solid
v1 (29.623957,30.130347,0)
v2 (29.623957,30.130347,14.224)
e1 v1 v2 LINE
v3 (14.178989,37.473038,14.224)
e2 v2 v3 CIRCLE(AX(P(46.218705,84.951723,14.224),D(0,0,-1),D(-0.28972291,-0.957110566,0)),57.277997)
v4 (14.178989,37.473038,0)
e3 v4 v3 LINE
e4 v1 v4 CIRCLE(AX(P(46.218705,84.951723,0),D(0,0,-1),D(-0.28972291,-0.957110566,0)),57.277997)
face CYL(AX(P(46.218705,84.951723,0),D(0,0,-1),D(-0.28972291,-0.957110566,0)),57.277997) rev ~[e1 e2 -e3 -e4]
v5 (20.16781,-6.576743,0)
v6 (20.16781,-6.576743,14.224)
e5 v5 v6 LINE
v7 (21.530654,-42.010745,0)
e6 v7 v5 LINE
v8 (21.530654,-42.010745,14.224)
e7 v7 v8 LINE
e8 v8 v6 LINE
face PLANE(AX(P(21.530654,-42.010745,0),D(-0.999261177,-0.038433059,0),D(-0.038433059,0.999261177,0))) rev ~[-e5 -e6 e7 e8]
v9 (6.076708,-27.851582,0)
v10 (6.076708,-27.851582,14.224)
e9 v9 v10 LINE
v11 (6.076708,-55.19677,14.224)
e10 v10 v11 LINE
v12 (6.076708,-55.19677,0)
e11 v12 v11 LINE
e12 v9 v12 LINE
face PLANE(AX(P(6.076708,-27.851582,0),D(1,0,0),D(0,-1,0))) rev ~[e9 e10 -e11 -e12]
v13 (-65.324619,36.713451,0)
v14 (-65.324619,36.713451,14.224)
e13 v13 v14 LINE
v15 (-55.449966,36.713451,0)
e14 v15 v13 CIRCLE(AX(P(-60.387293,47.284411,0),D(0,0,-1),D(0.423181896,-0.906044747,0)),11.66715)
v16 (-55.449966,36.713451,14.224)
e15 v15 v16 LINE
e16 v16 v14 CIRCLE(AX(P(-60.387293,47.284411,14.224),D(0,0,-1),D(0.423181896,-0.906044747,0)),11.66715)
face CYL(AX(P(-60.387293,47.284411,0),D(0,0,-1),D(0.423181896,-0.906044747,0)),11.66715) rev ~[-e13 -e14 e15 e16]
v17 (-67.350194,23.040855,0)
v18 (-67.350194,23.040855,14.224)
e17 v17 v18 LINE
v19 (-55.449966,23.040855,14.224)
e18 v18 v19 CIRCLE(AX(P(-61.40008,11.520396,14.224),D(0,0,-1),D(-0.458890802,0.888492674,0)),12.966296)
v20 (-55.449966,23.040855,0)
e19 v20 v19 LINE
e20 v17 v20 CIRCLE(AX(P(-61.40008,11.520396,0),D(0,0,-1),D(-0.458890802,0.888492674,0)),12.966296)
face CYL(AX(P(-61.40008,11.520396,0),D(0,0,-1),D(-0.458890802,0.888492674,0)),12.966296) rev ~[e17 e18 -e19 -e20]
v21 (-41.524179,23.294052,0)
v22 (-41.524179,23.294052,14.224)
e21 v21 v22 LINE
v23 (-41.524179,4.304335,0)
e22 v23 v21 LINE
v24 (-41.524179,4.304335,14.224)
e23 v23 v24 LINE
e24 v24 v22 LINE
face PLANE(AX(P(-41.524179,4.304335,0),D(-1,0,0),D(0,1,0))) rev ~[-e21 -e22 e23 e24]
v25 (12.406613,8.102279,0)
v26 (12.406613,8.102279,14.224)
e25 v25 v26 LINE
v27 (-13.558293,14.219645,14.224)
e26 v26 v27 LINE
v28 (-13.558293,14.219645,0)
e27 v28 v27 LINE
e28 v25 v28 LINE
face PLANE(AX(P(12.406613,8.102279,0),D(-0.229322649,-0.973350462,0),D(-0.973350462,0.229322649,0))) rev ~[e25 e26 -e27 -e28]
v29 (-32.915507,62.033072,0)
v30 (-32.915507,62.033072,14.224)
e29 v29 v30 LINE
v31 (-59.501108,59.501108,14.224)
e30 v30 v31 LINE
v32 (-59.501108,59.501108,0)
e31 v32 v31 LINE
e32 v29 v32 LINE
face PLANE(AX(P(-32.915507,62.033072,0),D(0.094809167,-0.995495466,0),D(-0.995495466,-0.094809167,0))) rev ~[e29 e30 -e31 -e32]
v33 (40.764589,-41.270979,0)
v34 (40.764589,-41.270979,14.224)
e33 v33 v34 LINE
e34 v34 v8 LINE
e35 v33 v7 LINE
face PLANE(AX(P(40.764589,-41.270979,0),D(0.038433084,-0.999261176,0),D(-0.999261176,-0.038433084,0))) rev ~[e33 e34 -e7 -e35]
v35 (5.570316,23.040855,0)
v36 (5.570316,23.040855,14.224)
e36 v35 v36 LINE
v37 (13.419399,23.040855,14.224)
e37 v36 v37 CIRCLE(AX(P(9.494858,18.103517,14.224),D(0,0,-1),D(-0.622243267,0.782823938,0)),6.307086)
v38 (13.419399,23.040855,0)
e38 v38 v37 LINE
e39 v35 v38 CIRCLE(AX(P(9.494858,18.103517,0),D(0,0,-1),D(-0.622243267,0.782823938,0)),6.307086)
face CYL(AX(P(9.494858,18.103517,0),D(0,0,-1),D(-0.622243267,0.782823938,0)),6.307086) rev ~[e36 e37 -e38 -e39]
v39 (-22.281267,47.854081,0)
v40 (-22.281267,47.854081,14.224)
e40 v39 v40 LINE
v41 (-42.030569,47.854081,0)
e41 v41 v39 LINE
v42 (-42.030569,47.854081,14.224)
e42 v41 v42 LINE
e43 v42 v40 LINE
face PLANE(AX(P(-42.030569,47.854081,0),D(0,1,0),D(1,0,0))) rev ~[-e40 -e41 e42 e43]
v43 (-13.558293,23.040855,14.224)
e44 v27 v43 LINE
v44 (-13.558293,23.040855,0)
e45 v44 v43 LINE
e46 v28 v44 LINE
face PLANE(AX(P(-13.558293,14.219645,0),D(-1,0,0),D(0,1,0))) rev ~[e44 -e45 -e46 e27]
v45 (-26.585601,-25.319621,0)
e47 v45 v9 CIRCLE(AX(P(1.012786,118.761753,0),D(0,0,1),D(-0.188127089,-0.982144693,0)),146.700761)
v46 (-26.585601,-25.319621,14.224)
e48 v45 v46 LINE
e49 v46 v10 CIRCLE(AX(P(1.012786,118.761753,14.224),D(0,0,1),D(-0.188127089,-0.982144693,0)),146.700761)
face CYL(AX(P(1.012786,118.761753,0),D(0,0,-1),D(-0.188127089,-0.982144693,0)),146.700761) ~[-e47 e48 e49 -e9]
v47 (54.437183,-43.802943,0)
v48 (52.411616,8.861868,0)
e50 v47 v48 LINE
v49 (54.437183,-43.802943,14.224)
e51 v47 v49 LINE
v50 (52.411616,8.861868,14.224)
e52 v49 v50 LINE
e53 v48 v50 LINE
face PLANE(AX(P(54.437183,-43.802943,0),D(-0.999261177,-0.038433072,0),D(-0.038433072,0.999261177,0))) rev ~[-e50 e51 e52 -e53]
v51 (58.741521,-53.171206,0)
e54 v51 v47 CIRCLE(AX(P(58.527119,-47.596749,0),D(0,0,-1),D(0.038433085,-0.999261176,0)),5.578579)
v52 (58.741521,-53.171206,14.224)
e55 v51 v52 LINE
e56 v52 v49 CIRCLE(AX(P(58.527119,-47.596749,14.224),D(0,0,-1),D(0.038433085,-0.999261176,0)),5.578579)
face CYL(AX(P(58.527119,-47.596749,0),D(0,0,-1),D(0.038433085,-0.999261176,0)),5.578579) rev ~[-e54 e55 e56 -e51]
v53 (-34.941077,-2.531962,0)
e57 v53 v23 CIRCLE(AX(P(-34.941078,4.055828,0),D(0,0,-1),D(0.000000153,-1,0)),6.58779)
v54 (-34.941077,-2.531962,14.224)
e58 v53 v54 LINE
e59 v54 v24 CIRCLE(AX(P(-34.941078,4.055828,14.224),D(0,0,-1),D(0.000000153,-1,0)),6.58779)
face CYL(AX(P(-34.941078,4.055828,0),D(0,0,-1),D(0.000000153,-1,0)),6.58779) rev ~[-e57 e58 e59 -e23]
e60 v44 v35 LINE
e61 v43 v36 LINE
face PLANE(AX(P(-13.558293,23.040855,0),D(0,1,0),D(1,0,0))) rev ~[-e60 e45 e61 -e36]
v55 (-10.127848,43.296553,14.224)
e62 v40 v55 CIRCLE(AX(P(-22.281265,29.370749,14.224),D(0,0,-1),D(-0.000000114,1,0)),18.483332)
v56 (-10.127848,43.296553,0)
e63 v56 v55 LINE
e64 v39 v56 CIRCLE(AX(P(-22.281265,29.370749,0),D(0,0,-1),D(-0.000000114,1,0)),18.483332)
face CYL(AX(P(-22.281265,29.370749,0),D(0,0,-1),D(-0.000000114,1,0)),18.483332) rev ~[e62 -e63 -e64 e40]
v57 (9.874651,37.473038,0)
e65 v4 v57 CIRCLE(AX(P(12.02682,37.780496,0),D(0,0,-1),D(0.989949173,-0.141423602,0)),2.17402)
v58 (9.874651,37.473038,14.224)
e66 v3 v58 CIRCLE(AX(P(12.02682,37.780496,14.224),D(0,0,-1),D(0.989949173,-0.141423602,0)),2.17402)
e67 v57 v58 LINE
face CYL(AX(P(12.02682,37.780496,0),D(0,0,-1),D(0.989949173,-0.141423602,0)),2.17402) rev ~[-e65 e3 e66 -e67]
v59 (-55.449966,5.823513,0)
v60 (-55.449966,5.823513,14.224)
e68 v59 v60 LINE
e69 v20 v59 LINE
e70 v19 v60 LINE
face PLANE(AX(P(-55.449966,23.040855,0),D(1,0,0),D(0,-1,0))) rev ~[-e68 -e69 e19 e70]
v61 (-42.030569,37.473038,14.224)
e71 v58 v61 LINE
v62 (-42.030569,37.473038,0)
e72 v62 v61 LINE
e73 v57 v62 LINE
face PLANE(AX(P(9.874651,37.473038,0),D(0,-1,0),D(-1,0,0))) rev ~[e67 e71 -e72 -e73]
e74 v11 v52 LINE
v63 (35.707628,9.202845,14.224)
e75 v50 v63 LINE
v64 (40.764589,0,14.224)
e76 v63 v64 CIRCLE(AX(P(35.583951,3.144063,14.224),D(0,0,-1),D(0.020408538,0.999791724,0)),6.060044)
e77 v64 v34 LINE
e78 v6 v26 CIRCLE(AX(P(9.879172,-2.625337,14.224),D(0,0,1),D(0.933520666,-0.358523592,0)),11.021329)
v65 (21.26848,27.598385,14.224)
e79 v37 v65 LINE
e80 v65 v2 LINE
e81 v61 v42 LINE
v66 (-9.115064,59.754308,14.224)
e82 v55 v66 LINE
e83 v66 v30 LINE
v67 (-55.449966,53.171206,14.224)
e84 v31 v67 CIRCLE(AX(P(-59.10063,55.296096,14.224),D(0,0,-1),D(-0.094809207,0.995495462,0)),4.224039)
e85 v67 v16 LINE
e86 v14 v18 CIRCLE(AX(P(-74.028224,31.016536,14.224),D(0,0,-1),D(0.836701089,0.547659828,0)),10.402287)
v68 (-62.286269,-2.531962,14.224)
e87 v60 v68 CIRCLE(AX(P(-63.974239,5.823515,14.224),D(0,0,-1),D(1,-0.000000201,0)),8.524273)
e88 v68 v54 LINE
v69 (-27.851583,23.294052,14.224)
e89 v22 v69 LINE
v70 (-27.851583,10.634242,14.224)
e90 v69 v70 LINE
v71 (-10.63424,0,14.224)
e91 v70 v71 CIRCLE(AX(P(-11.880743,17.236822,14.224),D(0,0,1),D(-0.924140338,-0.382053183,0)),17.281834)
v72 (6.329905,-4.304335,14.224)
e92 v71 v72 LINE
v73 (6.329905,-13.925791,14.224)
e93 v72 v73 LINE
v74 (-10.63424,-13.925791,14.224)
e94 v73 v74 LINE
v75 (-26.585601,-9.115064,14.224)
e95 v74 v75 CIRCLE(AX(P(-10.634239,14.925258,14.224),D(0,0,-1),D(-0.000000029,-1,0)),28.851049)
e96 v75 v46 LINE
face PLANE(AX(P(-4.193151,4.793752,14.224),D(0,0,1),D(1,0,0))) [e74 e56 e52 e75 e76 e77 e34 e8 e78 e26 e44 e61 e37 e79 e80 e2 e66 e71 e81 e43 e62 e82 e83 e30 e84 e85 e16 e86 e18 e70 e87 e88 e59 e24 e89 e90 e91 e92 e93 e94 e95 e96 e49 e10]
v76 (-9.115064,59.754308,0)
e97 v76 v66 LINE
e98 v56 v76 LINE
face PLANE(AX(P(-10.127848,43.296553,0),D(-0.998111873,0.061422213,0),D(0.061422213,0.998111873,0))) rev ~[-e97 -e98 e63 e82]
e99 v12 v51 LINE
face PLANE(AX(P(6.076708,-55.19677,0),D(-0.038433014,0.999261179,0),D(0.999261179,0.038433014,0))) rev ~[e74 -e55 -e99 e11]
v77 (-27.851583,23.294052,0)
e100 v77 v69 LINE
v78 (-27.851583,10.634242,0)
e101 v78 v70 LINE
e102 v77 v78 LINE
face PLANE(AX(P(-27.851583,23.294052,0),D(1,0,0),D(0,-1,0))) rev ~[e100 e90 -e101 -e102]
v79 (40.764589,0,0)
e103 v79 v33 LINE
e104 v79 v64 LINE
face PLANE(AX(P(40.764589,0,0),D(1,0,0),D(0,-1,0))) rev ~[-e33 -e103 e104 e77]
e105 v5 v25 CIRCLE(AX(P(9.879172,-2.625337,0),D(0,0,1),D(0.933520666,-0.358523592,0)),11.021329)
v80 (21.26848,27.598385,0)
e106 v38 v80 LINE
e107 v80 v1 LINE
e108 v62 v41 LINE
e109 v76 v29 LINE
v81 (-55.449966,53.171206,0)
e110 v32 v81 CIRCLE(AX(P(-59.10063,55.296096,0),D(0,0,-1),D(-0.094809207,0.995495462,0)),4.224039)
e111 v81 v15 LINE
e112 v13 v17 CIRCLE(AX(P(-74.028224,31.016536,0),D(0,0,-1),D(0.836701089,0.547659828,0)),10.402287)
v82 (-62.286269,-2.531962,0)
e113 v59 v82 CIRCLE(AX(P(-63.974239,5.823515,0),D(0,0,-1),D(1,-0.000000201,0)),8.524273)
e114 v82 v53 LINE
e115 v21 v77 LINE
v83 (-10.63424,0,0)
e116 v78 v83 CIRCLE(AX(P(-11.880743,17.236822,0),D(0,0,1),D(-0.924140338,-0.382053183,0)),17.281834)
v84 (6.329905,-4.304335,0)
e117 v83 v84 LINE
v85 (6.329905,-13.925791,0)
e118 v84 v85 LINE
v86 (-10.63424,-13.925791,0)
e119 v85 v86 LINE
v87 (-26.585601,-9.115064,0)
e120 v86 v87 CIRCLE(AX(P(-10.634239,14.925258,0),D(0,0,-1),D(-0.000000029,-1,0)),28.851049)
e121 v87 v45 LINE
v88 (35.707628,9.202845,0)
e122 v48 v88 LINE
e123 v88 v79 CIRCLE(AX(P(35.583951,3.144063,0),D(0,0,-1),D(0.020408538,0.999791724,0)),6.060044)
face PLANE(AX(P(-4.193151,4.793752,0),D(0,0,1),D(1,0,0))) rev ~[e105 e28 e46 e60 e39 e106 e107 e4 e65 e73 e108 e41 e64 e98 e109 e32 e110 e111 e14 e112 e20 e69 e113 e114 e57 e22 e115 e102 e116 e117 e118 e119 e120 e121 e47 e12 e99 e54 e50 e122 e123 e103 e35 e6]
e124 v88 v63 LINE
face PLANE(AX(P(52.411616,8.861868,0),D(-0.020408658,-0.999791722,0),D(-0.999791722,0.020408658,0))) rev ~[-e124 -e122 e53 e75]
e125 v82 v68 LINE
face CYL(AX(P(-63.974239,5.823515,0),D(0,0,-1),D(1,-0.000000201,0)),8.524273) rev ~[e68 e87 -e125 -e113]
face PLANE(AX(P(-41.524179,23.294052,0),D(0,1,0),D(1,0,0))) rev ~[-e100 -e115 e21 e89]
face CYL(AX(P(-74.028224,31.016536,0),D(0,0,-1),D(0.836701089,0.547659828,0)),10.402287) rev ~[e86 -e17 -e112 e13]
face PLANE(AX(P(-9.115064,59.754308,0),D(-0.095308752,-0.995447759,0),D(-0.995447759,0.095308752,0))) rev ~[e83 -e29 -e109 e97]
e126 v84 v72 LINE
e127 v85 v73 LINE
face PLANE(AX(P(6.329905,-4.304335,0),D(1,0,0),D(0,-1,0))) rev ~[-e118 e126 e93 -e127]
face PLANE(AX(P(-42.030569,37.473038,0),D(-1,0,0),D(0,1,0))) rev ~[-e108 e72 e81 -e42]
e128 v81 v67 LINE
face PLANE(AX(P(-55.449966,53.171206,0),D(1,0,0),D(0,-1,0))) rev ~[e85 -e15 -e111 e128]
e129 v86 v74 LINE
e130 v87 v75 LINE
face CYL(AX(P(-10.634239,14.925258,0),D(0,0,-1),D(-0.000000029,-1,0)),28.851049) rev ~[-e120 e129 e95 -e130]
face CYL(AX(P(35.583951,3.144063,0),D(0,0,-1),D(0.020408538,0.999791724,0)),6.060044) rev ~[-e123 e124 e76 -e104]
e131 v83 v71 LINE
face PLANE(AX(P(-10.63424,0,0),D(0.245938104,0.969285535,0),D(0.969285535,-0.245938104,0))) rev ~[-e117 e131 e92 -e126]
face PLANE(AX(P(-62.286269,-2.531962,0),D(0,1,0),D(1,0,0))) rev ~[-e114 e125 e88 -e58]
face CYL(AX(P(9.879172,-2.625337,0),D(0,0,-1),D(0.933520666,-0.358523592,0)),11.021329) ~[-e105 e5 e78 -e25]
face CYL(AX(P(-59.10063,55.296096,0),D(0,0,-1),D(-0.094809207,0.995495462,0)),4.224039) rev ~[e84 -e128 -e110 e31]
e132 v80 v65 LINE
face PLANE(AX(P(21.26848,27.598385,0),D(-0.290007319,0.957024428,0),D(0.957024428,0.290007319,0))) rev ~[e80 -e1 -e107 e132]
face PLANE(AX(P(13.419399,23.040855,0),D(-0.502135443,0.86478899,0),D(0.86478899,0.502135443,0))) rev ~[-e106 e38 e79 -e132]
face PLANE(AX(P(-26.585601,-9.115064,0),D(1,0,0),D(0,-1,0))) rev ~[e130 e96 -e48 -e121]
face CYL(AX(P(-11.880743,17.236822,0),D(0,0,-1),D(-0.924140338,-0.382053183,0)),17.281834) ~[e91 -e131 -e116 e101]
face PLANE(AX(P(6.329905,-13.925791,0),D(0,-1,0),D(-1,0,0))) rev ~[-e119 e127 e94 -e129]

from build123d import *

# Parameters (mm, degrees)
F1_DEPTH = 14.224


with BuildPart() as f1:
    # F0 (on Top) → F1 (new body)
    with BuildSketch(Plane.XY):
        with BuildLine():
            Line((-10.127848, 43.296553), (-9.115064, 59.754308))
            Line((-9.115064, 59.754308), (-32.915507, 62.033072))
            Line((-32.915507, 62.033072), (-59.501108, 59.501108))
            ThreePointArc((-59.501108, 59.501108), (-55.542844, 57.573082), (-55.449966, 53.171206))
            Line((-55.449966, 53.171206), (-55.449966, 36.713451))
            ThreePointArc((-55.449966, 36.713451), (-60.387293, 35.617261), (-65.324619, 36.713451))
            ThreePointArc((-65.324619, 36.713451), (-63.738246, 29.492092), (-67.350194, 23.040855))
            ThreePointArc((-67.350194, 23.040855), (-61.40008, 24.486692), (-55.449966, 23.040855))
            Line((-55.449966, 23.040855), (-55.449966, 5.823513))
            ThreePointArc((-55.449966, 5.823513), (-57.376818, 0.42562), (-62.286269, -2.531962))
            Line((-62.286269, -2.531962), (-34.941077, -2.531962))
            ThreePointArc((-34.941077, -2.531962), (-39.686396, -0.513738), (-41.524179, 4.304335))
            Line((-41.524179, 4.304335), (-41.524179, 23.294052))
            Line((-41.524179, 23.294052), (-27.851583, 23.294052))
            Line((-27.851583, 23.294052), (-27.851583, 10.634242))
            ThreePointArc((-27.851583, 10.634242), (-20.962224, 2.533472), (-10.63424, 0))
            Line((-10.63424, 0), (6.329905, -4.304335))
            Line((6.329905, -4.304335), (6.329905, -13.925791))
            Line((6.329905, -13.925791), (-10.63424, -13.925791))
            ThreePointArc((-10.63424, -13.925791), (-18.964741, -12.696939), (-26.585601, -9.115064))
            Line((-26.585601, -9.115064), (-26.585601, -25.319621))
            ThreePointArc((-26.585601, -25.319621), (-10.325346, -27.500204), (6.076708, -27.851582))
            Line((6.076708, -27.851582), (6.076708, -55.19677))
            Line((6.076708, -55.19677), (58.741521, -53.171206))
            ThreePointArc((58.741521, -53.171206), (53.457994, -49.925807), (54.437183, -43.802943))
            Line((54.437183, -43.802943), (52.411616, 8.861868))
            Line((52.411616, 8.861868), (35.707628, 9.202845))
            ThreePointArc((35.707628, 9.202845), (40.89498, 6.062472), (40.764589, 0))
            Line((40.764589, 0), (40.764589, -41.270979))
            Line((40.764589, -41.270979), (21.530654, -42.010745))
            Line((21.530654, -42.010745), (20.16781, -6.576743))
            ThreePointArc((20.16781, -6.576743), (19.622446, 2.526197), (12.406613, 8.102279))
            Line((12.406613, 8.102279), (-13.558293, 14.219645))
            Line((-13.558293, 14.219645), (-13.558293, 23.040855))
            Line((-13.558293, 23.040855), (5.570316, 23.040855))
            ThreePointArc((5.570316, 23.040855), (9.494858, 24.410603), (13.419399, 23.040855))
            Line((13.419399, 23.040855), (21.26848, 27.598385))
            Line((21.26848, 27.598385), (29.623957, 30.130347))
            ThreePointArc((29.623957, 30.130347), (21.62589, 33.222018), (14.178989, 37.473038))
            ThreePointArc((14.178989, 37.473038), (12.02682, 35.606476), (9.874651, 37.473038))
            Line((9.874651, 37.473038), (-42.030569, 37.473038))
            Line((-42.030569, 37.473038), (-42.030569, 47.854081))
            Line((-42.030569, 47.854081), (-22.281267, 47.854081))
            ThreePointArc((-22.281267, 47.854081), (-15.791339, 46.677234), (-10.127848, 43.296553))
        make_face()
    extrude(amount=F1_DEPTH)


solid = f1.part
